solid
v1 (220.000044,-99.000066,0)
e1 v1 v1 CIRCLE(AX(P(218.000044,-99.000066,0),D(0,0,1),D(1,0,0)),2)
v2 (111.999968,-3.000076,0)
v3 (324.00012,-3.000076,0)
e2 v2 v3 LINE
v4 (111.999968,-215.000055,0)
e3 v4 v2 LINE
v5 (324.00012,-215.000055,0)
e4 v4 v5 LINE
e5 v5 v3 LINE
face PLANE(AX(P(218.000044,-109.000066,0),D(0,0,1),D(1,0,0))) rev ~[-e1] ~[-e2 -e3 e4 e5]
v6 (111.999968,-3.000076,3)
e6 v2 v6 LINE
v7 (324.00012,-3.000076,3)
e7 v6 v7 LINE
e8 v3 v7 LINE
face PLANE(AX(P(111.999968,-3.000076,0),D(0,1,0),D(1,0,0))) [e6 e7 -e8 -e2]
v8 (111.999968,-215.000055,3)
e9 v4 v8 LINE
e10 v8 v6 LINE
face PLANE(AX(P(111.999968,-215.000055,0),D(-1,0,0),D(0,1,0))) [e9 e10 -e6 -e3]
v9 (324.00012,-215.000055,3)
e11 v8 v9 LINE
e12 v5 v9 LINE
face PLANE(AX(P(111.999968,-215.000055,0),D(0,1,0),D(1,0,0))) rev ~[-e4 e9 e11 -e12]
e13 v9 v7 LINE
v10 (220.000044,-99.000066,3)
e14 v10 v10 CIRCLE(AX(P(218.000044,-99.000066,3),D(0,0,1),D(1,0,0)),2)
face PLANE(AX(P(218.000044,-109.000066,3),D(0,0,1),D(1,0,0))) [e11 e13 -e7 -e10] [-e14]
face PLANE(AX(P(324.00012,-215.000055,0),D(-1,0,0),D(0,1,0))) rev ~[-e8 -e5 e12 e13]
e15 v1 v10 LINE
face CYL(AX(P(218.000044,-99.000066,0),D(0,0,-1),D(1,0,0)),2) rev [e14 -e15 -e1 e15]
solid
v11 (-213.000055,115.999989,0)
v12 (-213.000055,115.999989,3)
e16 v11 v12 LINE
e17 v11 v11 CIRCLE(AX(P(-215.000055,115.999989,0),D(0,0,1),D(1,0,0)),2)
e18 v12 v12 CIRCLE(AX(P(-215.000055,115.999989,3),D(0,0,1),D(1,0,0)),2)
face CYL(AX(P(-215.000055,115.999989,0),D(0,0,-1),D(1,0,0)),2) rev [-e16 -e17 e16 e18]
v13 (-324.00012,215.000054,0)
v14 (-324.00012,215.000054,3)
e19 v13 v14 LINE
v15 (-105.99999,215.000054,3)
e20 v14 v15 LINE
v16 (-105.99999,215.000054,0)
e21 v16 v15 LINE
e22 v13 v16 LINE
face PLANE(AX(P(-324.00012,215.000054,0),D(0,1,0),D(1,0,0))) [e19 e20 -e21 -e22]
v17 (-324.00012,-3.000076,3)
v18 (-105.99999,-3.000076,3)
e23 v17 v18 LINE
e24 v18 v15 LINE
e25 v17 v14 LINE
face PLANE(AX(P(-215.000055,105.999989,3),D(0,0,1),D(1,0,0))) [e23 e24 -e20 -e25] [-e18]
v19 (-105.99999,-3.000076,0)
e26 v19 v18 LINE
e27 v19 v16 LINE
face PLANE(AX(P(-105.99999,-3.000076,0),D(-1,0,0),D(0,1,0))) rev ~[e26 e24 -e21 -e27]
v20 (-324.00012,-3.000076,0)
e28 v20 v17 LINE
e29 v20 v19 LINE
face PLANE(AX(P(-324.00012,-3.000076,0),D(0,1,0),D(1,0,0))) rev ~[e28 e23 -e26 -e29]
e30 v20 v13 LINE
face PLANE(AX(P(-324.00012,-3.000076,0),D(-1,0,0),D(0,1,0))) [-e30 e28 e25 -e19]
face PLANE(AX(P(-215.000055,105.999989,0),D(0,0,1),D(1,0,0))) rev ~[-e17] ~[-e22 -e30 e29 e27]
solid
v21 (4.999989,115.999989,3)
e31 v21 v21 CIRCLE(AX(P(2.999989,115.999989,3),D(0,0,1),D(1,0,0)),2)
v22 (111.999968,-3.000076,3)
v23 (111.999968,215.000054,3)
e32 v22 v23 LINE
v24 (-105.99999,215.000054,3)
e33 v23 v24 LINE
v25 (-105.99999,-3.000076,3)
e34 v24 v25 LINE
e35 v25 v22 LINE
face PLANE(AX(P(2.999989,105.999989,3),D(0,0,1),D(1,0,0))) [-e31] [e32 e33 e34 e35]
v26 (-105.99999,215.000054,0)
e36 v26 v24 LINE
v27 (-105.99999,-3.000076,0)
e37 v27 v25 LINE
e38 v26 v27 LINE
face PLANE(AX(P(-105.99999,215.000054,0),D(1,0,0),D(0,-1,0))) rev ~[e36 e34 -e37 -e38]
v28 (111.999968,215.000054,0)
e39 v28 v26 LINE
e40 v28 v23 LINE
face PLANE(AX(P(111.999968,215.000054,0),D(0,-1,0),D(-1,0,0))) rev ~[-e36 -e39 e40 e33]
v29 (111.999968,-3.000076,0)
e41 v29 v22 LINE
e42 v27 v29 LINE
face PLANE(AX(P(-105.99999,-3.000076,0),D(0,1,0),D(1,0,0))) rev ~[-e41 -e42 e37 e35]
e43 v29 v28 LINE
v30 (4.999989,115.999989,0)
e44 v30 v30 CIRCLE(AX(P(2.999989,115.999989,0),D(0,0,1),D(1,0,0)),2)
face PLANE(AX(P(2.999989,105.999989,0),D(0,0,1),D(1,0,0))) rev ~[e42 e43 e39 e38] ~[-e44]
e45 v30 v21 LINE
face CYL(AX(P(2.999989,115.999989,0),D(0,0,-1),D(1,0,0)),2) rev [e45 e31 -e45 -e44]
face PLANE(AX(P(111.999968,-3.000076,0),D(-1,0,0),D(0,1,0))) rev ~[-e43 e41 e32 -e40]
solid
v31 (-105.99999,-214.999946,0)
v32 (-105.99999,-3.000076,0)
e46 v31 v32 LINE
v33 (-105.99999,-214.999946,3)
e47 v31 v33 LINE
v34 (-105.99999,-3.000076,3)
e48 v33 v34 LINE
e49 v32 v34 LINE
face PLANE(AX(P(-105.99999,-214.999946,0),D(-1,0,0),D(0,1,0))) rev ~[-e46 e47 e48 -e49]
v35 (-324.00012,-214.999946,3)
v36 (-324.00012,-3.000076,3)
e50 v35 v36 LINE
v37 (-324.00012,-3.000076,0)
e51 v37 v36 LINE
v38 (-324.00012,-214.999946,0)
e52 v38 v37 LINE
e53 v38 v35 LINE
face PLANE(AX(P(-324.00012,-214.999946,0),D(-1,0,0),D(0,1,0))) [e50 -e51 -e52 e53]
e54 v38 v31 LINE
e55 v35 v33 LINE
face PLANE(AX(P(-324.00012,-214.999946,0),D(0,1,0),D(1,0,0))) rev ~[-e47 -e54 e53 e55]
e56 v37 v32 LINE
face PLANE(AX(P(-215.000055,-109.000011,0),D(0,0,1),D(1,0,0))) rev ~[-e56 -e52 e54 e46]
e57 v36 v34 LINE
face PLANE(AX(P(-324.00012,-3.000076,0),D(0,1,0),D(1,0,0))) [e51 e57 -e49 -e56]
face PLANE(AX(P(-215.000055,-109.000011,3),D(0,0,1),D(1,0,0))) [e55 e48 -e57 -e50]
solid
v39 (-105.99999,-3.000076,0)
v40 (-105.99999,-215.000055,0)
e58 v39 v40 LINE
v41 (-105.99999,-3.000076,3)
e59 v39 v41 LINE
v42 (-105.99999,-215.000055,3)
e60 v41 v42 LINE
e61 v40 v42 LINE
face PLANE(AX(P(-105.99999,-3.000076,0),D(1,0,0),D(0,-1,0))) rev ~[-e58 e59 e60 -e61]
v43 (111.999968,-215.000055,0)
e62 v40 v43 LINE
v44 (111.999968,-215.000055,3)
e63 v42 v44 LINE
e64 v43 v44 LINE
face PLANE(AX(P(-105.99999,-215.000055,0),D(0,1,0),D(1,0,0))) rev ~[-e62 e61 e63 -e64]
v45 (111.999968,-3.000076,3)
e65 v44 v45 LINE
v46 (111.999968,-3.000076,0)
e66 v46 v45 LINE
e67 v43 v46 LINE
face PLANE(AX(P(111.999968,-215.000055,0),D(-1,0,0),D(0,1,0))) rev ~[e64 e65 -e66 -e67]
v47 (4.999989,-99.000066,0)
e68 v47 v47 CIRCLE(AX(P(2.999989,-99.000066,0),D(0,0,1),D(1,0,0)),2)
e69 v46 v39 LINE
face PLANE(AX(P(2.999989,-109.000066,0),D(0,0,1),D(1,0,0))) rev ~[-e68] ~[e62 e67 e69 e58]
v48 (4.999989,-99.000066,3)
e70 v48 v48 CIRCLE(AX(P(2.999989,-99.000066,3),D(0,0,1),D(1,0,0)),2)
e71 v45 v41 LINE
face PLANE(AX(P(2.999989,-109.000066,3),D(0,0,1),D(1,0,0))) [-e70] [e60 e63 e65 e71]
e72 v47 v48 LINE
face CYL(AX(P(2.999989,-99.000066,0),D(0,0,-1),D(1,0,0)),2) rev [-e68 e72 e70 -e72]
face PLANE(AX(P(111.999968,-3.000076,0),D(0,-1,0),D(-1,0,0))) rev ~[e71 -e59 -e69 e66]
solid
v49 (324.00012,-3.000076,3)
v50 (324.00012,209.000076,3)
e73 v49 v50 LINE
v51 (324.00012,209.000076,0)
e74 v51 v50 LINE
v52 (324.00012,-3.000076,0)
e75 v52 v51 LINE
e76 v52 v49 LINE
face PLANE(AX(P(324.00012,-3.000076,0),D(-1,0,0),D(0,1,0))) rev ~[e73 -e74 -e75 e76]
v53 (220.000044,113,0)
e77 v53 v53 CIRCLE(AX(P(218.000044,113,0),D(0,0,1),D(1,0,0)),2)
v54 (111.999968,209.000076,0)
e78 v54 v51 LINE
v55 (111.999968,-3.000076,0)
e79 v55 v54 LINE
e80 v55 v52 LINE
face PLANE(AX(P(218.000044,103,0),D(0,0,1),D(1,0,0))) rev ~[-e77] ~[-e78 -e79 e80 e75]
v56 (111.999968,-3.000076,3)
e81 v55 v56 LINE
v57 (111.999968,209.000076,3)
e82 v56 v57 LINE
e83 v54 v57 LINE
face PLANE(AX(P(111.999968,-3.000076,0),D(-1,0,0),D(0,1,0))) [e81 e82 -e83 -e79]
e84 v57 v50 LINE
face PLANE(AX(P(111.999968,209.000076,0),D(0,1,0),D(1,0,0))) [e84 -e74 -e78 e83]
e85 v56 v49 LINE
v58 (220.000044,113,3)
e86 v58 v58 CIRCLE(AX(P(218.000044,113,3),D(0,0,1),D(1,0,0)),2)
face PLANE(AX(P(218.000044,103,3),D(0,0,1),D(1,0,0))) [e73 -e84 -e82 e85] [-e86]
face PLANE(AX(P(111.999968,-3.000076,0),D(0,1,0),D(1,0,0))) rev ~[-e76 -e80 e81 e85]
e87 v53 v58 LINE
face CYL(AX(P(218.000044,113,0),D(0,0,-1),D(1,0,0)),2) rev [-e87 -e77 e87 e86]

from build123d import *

# Parameters (mm, degrees)
F0_W     = 218.00013
F0_H     = 218.00013
F0_R     = 2
F1_DEPTH = 3
F2_DEPTH = 3
F0_W_2   = 212.000152
F0_H_2   = 212.000152
F3_DEPTH = 3
F0_H_3   = 211.99987
F4_DEPTH = 3
F5_DEPTH = 3
F0_H_4   = 211.999979
F6_DEPTH = 3


with BuildPart() as f1:
    # F0 (on Top) → F1 (new body)
    with BuildSketch(Plane.XY):
        with Locations((-215.000055, 105.999989)):
            Rectangle(F0_W, F0_H)
        with Locations((-215.000055, 115.999989)):
            Circle(F0_R, mode=Mode.SUBTRACT)
    extrude(amount=F1_DEPTH)


with BuildPart() as f2:
    # F0 (on Top) → F2 (new body)
    with BuildSketch(Plane.XY):
        Polygon((111.999968, 215.000054), (-105.99999, 215.000054), (-105.99999, -3.000076), (111.999968, -3.000076), (111.999968, 209.000076), align=None)
        with Locations((2.999989, 115.999989)):
            Circle(F0_R, mode=Mode.SUBTRACT)
    extrude(amount=F2_DEPTH)


with BuildPart() as f3:
    # F0 (on Top) → F3 (new body)
    with BuildSketch(Plane.XY):
        with Locations((218.000044, 103)):
            Rectangle(F0_W_2, F0_H_2)
        with Locations((218.000044, 113)):
            Circle(F0_R, mode=Mode.SUBTRACT)
    extrude(amount=F3_DEPTH)


with BuildPart() as f4:
    # F0 (on Top) → F4 (new body)
    with BuildSketch(Plane.XY):
        with Locations((-215.000055, -109.000011)):
            Rectangle(F0_W, F0_H_3)
    extrude(amount=F4_DEPTH)


with BuildPart() as f5:
    # F0 (on Top) → F5 (new body)
    with BuildSketch(Plane.XY):
        Polygon((111.999968, -3.000076), (-105.99999, -3.000076), (-105.99999, -214.999946), (-105.99999, -215.000055), (111.999968, -215.000055), align=None)
        with Locations((2.999989, -99.0000655)):
            Circle(F0_R, mode=Mode.SUBTRACT)
    extrude(amount=F5_DEPTH)


with BuildPart() as f6:
    # F0 (on Top) → F6 (new body)
    with BuildSketch(Plane.XY):
        with Locations((218.000044, -109.0000655)):
            Rectangle(F0_W_2, F0_H_4)
        with Locations((218.000044, -99.0000655)):
            Circle(F0_R, mode=Mode.SUBTRACT)
    extrude(amount=F6_DEPTH)


solid = Compound([f1.part, f2.part, f3.part, f4.part, f5.part, f6.part])
